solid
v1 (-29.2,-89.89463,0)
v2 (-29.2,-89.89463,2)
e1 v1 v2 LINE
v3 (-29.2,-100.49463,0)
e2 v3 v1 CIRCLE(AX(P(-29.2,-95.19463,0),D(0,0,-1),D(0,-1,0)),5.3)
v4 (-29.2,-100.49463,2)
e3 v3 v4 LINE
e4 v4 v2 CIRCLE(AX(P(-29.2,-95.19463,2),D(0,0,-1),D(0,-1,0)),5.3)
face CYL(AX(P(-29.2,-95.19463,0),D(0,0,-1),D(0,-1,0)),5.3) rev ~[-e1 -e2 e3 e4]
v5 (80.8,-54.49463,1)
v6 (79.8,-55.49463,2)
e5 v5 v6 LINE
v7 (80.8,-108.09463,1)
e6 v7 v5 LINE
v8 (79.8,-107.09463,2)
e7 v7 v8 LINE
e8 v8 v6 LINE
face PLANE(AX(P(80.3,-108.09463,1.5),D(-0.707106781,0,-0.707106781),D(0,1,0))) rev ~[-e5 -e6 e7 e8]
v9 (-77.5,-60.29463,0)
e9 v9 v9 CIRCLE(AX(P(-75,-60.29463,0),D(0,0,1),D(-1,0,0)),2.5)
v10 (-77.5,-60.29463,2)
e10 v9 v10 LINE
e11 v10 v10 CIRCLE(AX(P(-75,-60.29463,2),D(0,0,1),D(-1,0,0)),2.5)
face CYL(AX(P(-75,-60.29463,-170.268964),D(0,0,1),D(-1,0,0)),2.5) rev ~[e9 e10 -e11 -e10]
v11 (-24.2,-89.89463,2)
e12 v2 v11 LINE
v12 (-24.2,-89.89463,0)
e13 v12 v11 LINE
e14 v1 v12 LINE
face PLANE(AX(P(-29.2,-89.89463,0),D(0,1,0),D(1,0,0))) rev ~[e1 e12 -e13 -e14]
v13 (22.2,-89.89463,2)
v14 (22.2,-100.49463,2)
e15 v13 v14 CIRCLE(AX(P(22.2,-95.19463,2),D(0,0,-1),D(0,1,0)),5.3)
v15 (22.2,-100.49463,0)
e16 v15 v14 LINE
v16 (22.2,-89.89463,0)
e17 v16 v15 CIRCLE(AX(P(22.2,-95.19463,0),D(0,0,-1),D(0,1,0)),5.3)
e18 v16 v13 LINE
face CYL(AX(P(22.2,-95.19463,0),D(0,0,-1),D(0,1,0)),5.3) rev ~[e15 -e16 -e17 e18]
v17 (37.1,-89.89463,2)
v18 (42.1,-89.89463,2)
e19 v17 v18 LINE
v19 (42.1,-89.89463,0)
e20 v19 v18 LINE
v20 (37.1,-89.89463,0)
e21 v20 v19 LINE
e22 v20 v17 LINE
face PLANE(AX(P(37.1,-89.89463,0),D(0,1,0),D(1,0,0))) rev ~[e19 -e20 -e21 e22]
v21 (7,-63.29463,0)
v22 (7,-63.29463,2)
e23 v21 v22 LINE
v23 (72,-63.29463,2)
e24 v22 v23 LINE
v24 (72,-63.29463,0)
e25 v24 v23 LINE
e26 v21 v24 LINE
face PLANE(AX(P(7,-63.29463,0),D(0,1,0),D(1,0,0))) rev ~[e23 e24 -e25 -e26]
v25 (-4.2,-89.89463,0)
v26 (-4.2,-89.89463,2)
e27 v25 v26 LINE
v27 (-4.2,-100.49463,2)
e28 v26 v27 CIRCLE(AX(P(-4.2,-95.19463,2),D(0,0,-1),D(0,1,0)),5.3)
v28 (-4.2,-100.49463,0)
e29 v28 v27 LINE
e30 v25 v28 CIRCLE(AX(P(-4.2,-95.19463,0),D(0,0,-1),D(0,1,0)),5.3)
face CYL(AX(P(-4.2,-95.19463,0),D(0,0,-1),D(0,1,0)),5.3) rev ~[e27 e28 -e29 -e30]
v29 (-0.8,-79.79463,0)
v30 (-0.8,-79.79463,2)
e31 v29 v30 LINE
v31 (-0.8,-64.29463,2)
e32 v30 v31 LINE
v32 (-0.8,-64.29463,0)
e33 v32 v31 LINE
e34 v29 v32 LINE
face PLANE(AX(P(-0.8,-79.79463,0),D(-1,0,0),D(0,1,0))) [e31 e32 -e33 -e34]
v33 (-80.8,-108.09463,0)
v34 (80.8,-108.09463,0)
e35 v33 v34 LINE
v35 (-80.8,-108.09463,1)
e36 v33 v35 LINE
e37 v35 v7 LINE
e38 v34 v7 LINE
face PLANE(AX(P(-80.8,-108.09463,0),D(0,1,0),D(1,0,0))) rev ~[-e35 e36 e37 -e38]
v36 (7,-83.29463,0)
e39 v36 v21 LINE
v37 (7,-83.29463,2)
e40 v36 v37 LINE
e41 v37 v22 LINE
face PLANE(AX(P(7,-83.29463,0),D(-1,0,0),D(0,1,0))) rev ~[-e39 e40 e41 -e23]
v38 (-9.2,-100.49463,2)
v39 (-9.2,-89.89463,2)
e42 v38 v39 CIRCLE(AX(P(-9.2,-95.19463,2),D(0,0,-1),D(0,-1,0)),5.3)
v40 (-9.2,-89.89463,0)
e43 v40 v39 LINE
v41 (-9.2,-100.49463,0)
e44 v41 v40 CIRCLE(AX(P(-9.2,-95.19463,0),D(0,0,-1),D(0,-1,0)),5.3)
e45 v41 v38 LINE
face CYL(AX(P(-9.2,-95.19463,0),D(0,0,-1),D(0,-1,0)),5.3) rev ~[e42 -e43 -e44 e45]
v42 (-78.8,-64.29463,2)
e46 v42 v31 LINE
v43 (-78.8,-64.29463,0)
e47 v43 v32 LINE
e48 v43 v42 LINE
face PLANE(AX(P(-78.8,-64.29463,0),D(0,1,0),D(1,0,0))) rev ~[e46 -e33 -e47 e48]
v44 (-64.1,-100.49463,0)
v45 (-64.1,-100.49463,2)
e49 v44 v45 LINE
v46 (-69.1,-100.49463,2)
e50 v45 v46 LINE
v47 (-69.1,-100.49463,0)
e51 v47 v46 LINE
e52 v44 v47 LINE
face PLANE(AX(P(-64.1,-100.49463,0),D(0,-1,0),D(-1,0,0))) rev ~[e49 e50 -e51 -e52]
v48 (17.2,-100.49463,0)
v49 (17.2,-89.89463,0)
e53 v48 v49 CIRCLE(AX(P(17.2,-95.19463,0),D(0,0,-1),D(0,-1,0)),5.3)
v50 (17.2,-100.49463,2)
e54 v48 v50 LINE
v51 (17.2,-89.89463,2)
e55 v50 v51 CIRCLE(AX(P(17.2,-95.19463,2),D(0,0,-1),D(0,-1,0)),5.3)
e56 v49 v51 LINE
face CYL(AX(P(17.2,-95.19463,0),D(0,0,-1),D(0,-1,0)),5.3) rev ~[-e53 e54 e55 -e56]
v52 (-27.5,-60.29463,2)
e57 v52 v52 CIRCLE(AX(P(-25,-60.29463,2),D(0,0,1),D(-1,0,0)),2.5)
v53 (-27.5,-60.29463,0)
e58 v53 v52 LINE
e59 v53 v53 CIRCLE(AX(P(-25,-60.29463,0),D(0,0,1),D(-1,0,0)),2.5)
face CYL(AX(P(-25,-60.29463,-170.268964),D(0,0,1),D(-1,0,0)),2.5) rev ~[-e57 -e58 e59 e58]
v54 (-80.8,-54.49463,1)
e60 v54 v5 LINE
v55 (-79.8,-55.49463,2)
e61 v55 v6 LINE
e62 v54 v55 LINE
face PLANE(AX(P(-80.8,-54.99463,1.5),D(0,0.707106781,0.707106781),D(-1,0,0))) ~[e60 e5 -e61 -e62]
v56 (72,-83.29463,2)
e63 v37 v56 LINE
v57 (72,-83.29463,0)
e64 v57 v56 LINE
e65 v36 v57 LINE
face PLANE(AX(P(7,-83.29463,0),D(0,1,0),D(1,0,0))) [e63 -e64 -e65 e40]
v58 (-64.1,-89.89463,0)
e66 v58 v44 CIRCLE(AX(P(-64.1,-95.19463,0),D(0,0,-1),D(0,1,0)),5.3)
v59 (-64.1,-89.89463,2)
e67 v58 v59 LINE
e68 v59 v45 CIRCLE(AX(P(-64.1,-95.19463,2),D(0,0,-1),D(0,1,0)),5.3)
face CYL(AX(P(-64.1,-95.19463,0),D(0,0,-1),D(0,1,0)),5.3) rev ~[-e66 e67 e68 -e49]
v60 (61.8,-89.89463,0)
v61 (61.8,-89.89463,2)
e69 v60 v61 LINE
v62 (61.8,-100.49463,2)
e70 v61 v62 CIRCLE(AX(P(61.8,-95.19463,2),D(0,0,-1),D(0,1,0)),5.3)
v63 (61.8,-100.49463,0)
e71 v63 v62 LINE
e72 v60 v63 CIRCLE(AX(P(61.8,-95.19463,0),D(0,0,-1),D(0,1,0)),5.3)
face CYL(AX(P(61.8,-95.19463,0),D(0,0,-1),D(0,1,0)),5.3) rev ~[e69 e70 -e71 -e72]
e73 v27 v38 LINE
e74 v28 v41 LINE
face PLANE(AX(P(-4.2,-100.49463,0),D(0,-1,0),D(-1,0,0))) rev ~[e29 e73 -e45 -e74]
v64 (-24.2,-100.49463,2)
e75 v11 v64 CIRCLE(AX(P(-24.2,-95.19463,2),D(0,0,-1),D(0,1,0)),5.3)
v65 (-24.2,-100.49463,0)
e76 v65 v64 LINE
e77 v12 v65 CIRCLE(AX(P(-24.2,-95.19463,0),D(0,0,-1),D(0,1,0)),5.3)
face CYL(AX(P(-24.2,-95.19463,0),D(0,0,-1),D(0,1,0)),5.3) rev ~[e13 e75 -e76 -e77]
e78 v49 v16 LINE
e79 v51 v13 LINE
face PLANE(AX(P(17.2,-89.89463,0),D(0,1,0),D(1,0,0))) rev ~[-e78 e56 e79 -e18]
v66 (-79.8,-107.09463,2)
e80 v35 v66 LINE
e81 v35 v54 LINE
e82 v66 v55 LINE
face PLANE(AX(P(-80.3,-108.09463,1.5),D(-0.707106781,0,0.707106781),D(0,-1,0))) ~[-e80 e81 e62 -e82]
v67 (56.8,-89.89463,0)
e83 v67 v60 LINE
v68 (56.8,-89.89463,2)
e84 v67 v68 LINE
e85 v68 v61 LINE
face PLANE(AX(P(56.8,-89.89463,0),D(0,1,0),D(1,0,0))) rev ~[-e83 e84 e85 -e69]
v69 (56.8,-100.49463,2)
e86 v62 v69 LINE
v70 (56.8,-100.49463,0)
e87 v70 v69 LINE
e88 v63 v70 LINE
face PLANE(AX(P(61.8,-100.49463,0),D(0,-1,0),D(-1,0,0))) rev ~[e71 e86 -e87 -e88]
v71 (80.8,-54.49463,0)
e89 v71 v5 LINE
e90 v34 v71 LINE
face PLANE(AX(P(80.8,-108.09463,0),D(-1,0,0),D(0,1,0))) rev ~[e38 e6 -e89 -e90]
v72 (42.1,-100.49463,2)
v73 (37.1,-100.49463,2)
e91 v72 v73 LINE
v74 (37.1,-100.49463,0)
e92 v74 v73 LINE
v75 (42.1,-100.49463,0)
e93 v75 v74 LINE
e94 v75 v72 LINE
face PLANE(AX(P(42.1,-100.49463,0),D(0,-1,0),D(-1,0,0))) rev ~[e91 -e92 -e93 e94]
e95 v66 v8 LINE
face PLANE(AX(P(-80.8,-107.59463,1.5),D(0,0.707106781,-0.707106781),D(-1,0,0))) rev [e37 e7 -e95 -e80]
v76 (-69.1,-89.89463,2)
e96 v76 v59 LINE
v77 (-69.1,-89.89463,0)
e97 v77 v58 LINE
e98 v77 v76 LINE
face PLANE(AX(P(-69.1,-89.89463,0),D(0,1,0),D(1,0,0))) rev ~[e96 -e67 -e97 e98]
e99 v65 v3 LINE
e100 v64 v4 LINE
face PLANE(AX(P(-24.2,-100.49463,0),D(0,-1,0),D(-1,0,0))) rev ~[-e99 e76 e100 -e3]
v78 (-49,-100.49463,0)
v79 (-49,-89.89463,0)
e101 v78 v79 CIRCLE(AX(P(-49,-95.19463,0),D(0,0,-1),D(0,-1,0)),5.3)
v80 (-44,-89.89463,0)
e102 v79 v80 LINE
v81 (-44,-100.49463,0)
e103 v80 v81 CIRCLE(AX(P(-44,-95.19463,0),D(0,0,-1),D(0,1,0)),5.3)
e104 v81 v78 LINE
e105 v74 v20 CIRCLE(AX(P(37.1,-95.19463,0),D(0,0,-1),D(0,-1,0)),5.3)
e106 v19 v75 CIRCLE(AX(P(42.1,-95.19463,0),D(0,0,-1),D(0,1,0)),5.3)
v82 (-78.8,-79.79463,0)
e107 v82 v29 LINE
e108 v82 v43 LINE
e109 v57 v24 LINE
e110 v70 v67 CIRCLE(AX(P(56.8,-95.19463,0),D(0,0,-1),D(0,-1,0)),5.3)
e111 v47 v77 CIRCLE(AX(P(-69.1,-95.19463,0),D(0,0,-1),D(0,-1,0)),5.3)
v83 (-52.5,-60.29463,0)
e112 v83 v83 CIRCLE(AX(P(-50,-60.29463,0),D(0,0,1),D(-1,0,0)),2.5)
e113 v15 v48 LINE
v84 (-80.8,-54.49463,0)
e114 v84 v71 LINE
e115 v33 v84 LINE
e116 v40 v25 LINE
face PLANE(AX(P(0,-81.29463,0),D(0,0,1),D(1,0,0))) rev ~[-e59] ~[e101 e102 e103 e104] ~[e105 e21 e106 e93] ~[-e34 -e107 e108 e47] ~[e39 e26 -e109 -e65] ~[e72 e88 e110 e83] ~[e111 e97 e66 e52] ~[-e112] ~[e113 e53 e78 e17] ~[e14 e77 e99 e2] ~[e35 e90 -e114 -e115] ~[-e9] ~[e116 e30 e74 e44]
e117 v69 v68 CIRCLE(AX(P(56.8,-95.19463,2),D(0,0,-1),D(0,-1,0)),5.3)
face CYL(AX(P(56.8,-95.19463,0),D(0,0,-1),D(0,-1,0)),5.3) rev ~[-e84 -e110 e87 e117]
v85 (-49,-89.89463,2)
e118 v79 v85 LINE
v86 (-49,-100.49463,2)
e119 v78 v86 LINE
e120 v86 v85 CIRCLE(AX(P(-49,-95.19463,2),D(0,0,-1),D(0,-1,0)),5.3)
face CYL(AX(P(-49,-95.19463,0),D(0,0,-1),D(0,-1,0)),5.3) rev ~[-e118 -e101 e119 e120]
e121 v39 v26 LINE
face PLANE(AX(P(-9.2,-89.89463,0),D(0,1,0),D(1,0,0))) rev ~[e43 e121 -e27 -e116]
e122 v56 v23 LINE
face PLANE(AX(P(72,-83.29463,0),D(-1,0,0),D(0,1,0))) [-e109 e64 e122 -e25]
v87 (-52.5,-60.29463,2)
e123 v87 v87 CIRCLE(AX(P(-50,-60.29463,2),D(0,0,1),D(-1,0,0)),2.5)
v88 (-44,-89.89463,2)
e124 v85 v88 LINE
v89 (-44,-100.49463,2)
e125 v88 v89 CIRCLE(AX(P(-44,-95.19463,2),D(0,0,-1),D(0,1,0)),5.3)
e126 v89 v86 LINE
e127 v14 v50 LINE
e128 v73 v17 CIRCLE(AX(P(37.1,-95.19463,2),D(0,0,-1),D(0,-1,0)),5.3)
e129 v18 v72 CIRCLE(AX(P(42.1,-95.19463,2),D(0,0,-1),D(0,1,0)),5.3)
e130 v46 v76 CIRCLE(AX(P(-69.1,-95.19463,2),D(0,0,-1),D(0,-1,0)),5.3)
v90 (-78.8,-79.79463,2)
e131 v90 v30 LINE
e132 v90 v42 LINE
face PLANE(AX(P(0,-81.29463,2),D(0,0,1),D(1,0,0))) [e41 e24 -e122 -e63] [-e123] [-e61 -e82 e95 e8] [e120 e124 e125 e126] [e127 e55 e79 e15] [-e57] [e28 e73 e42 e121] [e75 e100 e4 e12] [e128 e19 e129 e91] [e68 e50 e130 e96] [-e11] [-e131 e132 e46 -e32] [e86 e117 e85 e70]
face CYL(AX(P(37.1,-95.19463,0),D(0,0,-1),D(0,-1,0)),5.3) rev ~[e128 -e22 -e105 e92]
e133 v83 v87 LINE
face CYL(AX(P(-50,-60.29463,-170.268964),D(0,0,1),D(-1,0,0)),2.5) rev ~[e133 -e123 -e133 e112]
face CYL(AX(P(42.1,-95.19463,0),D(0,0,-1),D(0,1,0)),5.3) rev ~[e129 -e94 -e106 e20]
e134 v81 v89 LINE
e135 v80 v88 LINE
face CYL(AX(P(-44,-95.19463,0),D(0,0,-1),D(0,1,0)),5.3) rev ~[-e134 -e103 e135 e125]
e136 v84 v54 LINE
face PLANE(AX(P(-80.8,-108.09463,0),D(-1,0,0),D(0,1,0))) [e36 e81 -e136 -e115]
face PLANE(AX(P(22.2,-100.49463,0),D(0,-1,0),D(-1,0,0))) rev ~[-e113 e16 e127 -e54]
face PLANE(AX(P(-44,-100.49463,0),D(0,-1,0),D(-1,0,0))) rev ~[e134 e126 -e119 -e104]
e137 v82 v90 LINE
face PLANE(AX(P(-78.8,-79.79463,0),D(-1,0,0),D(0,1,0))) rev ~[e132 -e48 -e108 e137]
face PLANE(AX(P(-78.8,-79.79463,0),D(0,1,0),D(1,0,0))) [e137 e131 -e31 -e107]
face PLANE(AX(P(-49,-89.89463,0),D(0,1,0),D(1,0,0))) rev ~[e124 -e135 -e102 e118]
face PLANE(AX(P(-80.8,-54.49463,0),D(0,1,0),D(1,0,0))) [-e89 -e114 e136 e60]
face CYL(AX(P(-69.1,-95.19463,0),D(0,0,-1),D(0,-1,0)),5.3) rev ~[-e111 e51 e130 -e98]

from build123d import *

# Parameters (mm, degrees)
F0_W     = 161.6
F0_H     = 53.6
F0_W_2   = 78
F0_H_2   = 15.5
F0_W_3   = 65
F0_H_3   = 20
F1_DEPTH = 2
F2_D     = 5
F3_SIZE  = 1


with BuildPart() as f1:
    # F0 (on Top) → F1 (new body)
    with BuildSketch(Plane.XY):
        with Locations((0, -81.2946302295)):
            Rectangle(F0_W, F0_H)
        with BuildLine():
            ThreePointArc((-69.1, -100.4946302295), (-74.4, -95.1946302295), (-69.1, -89.8946302295))
            Line((-69.1, -89.8946302295), (-64.1, -89.8946302295))
            ThreePointArc((-64.1, -89.8946302295), (-58.8, -95.1946302295), (-64.1, -100.4946302295))
            Line((-64.1, -100.4946302295), (-69.1, -100.4946302295))
        make_face(mode=Mode.SUBTRACT)
        with BuildLine():
            ThreePointArc((-49, -100.4946302295), (-54.3, -95.1946302295), (-49, -89.8946302295))
            Line((-49, -89.8946302295), (-44, -89.8946302295))
            ThreePointArc((-44, -89.8946302295), (-38.7, -95.1946302295), (-44, -100.4946302295))
            Line((-44, -100.4946302295), (-49, -100.4946302295))
        make_face(mode=Mode.SUBTRACT)
        with BuildLine():
            ThreePointArc((-29.2, -100.4946302295), (-34.5, -95.1946302295), (-29.2, -89.8946302295))
            Line((-29.2, -89.8946302295), (-24.2, -89.8946302295))
            ThreePointArc((-24.2, -89.8946302295), (-18.9, -95.1946302295), (-24.2, -100.4946302295))
            Line((-24.2, -100.4946302295), (-29.2, -100.4946302295))
        make_face(mode=Mode.SUBTRACT)
        with BuildLine():
            ThreePointArc((-9.2, -100.4946302295), (-14.5, -95.1946302295), (-9.2, -89.8946302295))
            Line((-9.2, -89.8946302295), (-4.2, -89.8946302295))
            ThreePointArc((-4.2, -89.8946302295), (1.1, -95.1946302295), (-4.2, -100.4946302295))
            Line((-4.2, -100.4946302295), (-9.2, -100.4946302295))
        make_face(mode=Mode.SUBTRACT)
        with BuildLine():
            ThreePointArc((17.2, -100.4946302295), (11.9, -95.1946302295), (17.2, -89.8946302295))
            Line((17.2, -89.8946302295), (22.2, -89.8946302295))
            ThreePointArc((22.2, -89.8946302295), (27.5, -95.1946302295), (22.2, -100.4946302295))
            Line((22.2, -100.4946302295), (17.2, -100.4946302295))
        make_face(mode=Mode.SUBTRACT)
        with BuildLine():
            ThreePointArc((37.1, -100.4946302295), (31.8, -95.1946302295), (37.1, -89.8946302295))
            Line((37.1, -89.8946302295), (42.1, -89.8946302295))
            ThreePointArc((42.1, -89.8946302295), (47.4, -95.1946302295), (42.1, -100.4946302295))
            Line((42.1, -100.4946302295), (37.1, -100.4946302295))
        make_face(mode=Mode.SUBTRACT)
        with BuildLine():
            ThreePointArc((56.8, -100.4946302295), (51.5, -95.1946302295), (56.8, -89.8946302295))
            Line((56.8, -89.8946302295), (61.8, -89.8946302295))
            ThreePointArc((61.8, -89.8946302295), (67.1, -95.1946302295), (61.8, -100.4946302295))
            Line((61.8, -100.4946302295), (56.8, -100.4946302295))
        make_face(mode=Mode.SUBTRACT)
        with Locations((-39.8, -72.0446302295)):
            Rectangle(F0_W_2, F0_H_2, mode=Mode.SUBTRACT)
        with Locations((39.5, -73.2946302295)):
            Rectangle(F0_W_3, F0_H_3, mode=Mode.SUBTRACT)
    extrude(amount=F1_DEPTH)

    # F2 (through all)
    with Locations(Plane(origin=(0, 0, 0), x_dir=(1, 0, 0), z_dir=(0, 0, -1))):
        with Locations((-75, 60.2946302295), (-50, 60.2946302295), (-25, 60.2946302295)):
            Hole(F2_D / 2)

    # F3
    f3_edges = [f1.edges().sort_by_distance(p)[0] for p in [
        (-80.8, -81.29463, 2),
        (0, -108.09463, 2),
        (0, -54.49463, 2),
        (80.8, -81.29463, 2),
    ]]
    chamfer(f3_edges, length=F3_SIZE)


solid = f1.part
